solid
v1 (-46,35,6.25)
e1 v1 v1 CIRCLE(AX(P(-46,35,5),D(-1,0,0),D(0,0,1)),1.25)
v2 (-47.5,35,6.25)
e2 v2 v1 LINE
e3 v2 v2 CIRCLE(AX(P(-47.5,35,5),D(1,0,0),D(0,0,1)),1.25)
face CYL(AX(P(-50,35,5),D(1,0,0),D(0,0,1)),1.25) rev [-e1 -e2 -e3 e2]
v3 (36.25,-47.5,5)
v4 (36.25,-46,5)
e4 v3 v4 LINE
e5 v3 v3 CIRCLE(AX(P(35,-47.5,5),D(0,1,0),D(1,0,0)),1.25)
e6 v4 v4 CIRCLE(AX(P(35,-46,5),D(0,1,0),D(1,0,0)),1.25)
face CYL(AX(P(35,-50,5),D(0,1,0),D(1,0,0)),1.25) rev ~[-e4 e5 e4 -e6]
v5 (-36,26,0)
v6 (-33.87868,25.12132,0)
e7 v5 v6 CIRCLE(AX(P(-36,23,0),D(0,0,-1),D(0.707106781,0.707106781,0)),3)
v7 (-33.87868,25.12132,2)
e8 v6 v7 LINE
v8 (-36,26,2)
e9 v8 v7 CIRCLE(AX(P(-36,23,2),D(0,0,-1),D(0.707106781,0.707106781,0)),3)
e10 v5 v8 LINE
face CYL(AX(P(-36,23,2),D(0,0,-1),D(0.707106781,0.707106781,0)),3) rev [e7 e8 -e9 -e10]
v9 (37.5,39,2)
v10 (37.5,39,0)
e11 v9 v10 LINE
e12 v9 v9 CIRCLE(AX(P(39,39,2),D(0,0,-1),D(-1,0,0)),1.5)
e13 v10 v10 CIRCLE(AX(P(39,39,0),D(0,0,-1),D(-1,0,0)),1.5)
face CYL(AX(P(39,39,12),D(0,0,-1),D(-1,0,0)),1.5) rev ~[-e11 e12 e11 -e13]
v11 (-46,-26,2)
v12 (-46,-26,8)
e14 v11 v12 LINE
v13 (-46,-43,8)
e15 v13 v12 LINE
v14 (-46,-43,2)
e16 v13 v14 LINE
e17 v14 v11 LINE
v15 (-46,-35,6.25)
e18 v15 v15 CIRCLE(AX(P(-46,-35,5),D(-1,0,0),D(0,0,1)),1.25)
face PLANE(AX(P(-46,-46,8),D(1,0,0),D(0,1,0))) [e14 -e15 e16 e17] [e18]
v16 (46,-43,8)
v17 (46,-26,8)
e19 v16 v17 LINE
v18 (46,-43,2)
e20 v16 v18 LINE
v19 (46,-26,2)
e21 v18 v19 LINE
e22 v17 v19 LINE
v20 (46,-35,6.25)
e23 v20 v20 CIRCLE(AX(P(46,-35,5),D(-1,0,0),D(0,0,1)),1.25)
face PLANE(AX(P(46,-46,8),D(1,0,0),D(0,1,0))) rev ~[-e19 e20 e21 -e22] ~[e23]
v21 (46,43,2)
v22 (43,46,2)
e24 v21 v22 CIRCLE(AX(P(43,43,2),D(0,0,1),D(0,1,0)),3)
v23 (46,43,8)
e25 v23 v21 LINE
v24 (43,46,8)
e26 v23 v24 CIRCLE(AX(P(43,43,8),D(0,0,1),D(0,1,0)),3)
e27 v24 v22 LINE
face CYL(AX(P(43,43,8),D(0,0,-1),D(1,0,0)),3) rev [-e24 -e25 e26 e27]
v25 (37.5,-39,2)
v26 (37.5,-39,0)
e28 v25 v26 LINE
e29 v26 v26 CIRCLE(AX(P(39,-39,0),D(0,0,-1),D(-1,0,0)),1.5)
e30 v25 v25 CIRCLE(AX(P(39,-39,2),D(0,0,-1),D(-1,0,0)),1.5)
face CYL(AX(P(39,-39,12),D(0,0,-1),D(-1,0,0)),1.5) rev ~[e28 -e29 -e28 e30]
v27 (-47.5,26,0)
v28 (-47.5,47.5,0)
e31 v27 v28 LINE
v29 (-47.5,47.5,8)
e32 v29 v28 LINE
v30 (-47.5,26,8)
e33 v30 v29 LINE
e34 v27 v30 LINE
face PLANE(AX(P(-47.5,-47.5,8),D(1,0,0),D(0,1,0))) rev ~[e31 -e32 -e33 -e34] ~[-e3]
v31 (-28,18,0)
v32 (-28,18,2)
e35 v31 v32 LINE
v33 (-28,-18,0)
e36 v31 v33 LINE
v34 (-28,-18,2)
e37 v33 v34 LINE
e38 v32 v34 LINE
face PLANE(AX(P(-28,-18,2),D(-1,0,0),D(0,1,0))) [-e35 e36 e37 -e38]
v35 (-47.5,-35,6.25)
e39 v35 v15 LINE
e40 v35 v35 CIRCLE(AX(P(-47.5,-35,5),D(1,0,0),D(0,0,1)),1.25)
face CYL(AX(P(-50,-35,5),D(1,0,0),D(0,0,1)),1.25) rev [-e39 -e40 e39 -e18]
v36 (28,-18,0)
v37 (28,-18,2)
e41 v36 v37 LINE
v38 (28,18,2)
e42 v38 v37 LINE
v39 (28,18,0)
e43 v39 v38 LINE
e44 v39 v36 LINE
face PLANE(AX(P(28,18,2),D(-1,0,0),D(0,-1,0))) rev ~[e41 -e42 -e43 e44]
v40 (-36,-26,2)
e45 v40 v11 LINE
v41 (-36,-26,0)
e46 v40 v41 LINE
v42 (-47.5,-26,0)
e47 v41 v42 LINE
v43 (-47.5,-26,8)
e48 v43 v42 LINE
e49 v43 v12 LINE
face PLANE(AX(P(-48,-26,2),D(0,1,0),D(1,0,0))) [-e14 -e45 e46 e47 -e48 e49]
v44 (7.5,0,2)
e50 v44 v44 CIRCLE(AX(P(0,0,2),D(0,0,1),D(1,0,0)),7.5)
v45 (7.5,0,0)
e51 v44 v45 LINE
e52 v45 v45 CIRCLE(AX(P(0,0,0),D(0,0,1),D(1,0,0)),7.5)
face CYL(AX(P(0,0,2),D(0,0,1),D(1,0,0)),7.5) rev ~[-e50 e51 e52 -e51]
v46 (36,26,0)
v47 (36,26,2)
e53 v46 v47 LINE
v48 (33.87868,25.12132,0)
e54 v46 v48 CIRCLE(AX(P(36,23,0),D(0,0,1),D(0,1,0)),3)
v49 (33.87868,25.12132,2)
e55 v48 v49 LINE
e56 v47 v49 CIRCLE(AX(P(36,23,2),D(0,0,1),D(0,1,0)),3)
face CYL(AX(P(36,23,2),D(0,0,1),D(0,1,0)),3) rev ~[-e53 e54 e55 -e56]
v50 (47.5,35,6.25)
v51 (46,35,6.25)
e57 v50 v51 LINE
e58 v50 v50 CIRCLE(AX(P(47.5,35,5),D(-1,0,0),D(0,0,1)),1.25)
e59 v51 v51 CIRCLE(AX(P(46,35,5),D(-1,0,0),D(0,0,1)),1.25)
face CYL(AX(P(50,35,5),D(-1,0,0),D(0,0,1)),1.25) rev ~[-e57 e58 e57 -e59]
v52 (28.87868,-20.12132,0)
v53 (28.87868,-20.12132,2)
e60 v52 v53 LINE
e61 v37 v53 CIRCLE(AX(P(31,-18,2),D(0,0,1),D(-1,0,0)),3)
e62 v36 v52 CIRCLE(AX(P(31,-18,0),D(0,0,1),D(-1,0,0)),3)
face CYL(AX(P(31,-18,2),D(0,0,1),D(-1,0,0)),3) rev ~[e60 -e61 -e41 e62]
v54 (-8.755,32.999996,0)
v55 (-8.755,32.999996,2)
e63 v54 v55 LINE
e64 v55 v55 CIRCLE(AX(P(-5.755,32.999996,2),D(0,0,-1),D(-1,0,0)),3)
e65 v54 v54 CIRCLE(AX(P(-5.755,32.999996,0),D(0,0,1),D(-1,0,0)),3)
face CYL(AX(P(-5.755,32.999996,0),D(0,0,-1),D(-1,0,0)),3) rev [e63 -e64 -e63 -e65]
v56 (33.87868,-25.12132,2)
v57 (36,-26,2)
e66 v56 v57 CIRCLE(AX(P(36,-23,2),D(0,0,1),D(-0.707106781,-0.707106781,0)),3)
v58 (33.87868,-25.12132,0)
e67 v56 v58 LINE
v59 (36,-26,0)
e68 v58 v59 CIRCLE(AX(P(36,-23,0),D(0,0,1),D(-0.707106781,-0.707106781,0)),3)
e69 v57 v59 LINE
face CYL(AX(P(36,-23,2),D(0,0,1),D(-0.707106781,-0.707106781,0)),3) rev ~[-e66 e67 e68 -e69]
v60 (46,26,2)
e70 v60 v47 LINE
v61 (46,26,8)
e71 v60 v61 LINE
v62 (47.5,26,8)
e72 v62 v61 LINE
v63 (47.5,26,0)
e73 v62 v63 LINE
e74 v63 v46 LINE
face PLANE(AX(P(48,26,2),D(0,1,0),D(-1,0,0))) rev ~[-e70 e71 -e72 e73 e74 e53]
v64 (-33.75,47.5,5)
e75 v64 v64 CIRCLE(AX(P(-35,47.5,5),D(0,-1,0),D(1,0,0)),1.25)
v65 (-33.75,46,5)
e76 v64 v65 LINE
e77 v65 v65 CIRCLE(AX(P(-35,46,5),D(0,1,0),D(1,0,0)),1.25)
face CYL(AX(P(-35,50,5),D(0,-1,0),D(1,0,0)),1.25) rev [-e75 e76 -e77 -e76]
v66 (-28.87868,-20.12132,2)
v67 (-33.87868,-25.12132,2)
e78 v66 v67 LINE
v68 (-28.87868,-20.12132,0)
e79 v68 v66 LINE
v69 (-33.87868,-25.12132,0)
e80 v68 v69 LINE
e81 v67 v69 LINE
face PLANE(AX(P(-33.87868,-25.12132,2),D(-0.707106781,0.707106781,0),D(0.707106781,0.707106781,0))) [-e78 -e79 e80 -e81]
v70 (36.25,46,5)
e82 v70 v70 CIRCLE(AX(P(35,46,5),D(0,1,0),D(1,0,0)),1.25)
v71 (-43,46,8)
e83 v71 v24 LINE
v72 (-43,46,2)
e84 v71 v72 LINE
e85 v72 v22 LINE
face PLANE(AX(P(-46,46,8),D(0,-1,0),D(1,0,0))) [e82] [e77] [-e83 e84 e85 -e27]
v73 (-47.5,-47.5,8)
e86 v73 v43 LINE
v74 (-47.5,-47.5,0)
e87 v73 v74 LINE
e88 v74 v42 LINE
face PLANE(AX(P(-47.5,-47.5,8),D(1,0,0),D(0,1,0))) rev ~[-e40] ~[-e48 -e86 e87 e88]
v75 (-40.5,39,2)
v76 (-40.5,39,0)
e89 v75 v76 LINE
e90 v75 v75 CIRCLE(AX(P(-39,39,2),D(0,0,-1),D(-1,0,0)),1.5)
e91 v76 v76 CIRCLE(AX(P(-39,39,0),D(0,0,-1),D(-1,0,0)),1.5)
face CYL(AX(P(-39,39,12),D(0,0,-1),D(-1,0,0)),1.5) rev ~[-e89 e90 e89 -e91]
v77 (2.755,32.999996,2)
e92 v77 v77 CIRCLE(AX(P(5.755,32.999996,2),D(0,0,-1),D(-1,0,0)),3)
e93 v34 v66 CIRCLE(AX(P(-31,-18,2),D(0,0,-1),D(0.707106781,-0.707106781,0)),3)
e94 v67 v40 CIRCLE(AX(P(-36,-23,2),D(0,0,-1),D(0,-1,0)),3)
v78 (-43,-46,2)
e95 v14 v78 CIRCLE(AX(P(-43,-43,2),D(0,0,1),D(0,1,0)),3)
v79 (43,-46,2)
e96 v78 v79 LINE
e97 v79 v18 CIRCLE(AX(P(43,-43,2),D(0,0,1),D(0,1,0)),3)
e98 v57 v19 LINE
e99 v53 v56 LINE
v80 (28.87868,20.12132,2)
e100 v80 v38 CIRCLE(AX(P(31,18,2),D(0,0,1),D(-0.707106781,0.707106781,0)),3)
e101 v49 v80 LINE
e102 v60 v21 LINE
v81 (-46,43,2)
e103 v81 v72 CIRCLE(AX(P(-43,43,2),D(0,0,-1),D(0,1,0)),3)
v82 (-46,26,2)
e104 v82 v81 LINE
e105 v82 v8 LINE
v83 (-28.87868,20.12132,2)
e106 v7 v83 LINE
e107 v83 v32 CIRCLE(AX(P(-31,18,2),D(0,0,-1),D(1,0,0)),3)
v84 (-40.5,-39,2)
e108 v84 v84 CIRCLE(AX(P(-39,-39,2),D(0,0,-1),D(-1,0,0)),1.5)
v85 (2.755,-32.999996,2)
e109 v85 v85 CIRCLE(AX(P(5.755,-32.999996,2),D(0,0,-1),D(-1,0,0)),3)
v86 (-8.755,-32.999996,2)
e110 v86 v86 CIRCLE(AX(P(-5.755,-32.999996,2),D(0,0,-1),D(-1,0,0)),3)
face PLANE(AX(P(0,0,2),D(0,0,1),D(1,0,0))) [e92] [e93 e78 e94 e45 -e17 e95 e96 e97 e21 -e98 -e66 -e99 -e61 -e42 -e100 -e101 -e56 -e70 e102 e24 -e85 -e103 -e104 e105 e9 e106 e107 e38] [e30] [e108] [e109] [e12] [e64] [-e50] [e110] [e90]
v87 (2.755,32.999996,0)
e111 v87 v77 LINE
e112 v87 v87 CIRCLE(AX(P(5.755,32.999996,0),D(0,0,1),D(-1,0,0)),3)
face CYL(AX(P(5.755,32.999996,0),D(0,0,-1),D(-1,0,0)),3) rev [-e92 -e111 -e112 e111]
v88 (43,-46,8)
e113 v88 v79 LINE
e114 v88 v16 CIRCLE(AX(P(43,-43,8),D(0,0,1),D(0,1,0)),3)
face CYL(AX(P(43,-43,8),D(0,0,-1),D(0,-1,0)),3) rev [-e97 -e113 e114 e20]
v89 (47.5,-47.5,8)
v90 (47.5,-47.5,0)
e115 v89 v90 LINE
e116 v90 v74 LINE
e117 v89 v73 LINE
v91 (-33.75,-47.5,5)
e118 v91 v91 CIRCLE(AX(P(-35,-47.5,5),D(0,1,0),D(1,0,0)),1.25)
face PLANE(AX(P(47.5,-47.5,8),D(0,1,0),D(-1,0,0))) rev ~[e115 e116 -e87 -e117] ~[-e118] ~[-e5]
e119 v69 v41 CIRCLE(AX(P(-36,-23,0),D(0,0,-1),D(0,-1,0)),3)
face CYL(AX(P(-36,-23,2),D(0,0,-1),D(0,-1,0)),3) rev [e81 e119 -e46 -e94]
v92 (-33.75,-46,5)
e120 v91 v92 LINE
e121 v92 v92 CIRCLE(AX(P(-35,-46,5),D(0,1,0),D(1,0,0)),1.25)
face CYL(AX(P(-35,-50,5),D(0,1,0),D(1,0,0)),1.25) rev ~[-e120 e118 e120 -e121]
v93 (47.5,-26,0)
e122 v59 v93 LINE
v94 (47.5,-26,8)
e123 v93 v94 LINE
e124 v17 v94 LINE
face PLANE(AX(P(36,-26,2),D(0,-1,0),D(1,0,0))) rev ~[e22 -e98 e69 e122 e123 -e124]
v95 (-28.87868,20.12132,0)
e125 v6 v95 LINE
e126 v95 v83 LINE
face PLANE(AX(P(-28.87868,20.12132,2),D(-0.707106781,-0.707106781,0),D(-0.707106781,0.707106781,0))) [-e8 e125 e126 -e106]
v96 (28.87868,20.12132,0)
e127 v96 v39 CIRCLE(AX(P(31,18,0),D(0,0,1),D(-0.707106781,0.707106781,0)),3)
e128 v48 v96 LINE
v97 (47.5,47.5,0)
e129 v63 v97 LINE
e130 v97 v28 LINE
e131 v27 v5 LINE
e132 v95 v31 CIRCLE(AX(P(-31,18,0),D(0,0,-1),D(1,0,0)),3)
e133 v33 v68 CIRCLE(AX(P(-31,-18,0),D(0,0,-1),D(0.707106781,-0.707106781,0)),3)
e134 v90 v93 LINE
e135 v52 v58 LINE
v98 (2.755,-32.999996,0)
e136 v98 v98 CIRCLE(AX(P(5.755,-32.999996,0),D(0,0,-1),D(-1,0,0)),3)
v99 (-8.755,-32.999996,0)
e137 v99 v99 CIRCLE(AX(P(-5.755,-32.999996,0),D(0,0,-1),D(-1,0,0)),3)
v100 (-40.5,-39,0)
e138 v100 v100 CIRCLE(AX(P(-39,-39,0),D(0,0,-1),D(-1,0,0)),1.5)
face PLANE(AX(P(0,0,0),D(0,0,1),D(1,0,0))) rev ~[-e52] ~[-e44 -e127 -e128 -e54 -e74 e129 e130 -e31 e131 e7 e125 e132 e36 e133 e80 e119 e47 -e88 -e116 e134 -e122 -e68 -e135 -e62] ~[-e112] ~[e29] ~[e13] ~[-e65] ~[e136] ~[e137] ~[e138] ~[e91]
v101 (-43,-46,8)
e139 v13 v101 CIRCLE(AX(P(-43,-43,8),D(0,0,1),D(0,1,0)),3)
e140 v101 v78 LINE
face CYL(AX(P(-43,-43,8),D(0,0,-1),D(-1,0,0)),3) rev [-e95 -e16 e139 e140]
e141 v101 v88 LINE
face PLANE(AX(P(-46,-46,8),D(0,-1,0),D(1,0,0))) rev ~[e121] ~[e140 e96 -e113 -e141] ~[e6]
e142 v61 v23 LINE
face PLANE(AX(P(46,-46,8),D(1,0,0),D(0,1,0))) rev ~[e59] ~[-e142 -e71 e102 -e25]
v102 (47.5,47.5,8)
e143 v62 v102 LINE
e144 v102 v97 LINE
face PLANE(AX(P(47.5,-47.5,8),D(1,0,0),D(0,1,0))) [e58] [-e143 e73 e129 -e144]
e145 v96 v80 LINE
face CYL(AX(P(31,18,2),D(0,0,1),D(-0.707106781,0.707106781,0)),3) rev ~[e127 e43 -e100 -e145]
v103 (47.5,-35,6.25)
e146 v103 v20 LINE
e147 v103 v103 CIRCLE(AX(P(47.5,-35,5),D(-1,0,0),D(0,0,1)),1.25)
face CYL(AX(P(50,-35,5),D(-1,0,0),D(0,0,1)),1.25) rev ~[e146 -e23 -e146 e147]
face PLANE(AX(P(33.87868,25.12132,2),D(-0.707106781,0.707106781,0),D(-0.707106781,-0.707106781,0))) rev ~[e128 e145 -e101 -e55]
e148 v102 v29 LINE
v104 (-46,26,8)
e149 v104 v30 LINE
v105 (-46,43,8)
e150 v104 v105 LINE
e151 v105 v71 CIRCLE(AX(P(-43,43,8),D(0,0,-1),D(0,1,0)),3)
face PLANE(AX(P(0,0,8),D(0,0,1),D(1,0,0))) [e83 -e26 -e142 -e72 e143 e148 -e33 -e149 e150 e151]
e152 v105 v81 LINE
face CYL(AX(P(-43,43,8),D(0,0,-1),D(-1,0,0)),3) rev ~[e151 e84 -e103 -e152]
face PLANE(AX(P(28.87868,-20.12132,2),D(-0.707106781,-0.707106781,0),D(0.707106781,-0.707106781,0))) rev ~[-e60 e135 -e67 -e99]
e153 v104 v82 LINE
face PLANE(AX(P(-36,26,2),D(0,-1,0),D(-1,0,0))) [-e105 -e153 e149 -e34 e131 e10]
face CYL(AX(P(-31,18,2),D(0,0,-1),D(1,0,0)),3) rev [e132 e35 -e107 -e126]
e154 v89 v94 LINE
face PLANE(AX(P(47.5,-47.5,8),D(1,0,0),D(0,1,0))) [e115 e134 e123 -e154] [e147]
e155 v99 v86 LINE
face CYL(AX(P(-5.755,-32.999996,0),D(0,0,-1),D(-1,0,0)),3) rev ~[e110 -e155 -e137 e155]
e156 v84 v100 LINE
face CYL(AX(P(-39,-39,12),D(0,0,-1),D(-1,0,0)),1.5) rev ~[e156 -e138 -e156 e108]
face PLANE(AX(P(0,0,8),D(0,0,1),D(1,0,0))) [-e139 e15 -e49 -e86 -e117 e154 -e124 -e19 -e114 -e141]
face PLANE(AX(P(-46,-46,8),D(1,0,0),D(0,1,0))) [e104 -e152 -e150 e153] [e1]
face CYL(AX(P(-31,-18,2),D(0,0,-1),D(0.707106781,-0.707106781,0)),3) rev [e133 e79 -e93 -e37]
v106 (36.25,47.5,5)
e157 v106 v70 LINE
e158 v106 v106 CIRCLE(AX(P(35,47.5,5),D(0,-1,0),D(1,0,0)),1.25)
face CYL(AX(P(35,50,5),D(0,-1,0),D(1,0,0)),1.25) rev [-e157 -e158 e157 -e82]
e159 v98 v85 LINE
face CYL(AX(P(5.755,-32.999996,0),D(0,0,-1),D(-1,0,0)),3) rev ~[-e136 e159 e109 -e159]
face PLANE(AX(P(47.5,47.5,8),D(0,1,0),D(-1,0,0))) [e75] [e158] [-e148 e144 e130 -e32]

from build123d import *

# Parameters (mm, degrees)
SKETCH1_W                       = 96
SKETCH1_H                       = 96
BOSS_EXTRUDE1_DEPTH             = 8
SKETCH2_W                       = 92
SKETCH2_H                       = 92
COMPONENT_PLATFORM_DEPTH        = 6
CABLE_SLOTS_DEPTH               = 6
SKETCH4_R                       = 7.5
CENTER_MASS_CUT_DEPTH           = 6
INNER_CORNER_FILLETS_R          = 3
TAP_DRILL_FOR_M3X0_5_TAP1_D     = 2.5
TAP_DRILL_FOR_M3X0_5_TAP1_DEPTH = 2
TAP_DRILL_FOR_M3X0_5_TAP2_D     = 2.5
TAP_DRILL_FOR_M3X0_5_TAP2_DEPTH = 2
F_3_0MM_DOWEL_HOLE3_D           = 3
F_3_0MM_DOWEL_HOLE3_DEPTH       = 10
F_3_0MM_DOWEL_HOLE3_TIP         = 0.901290929
CUT_EXTRUDE1_START              = -8
SKETCH16_OUTSIDE_W              = 125.2
SKETCH16_OUTSIDE_H              = 125.2
SKETCH16_OUTSIDE_W_2            = 95
SKETCH16_OUTSIDE_H_2            = 95
CUT_EXTRUDE1_DEPTH              = 8
SKETCH17_R                      = 3
CUT_EXTRUDE3_DEPTH              = 9


with BuildPart() as part:
    # Sketch1 → Boss-Extrude1 (new body)
    with BuildSketch(Plane.XY):
        Rectangle(SKETCH1_W, SKETCH1_H)
    extrude(amount=BOSS_EXTRUDE1_DEPTH)

    # Sketch2 → Component Platform (cut)
    with BuildSketch(Plane.XY.offset(8)):
        Rectangle(SKETCH2_W, SKETCH2_H)
    extrude(amount=-COMPONENT_PLATFORM_DEPTH, mode=Mode.SUBTRACT)

    # Sketch3 → Cable Slots (cut, symmetric)
    with BuildSketch(Plane.XY.offset(2)):
        with BuildLine():
            Line((-33.878679656, -25.121320344), (-28.878679656, -20.121320344))
            ThreePointArc((-28.878679656, -20.121320344), (-28.228361402, -19.148050297), (-28, -18))
            Line((-28, -18), (-28, 18))
            ThreePointArc((-28, 18), (-28.228361402, 19.148050297), (-28.878679656, 20.121320344))
            Line((-28.878679656, 20.121320344), (-33.878679656, 25.121320344))
            ThreePointArc((-33.878679656, 25.121320344), (-34.851949703, 25.771638598), (-36, 26))
            Line((-36, 26), (-48, 26))
            Line((-48, 26), (-48, -26))
            Line((-48, -26), (-36, -26))
            ThreePointArc((-36, -26), (-34.851949703, -25.771638598), (-33.878679656, -25.121320344))
        make_face()
        with BuildLine():
            Line((48, -26), (48, 26))
            Line((48, 26), (36, 26))
            ThreePointArc((36, 26), (34.851949703, 25.771638598), (33.878679656, 25.121320344))
            Line((33.878679656, 25.121320344), (28.878679656, 20.121320344))
            ThreePointArc((28.878679656, 20.121320344), (28.228361402, 19.148050297), (28, 18))
            Line((28, 18), (28, -18))
            ThreePointArc((28, -18), (28.228361402, -19.148050297), (28.878679656, -20.121320344))
            Line((28.878679656, -20.121320344), (33.878679656, -25.121320344))
            ThreePointArc((33.878679656, -25.121320344), (34.851949703, -25.771638598), (36, -26))
            Line((36, -26), (48, -26))
        make_face()
    extrude(amount=CABLE_SLOTS_DEPTH, both=True, mode=Mode.SUBTRACT)

    # Sketch4 → Center Mass Cut (cut)
    with BuildSketch(Plane.XY.offset(2)):
        Circle(SKETCH4_R)
    extrude(amount=-CENTER_MASS_CUT_DEPTH, mode=Mode.SUBTRACT)

    # Inner Corner Fillets
    inner_corner_fillets_edges = [part.edges().sort_by_distance(p)[0] for p in [
        (-46, -46, 5),
        (-46, 46, 5),
        (46, 46, 5),
        (46, -46, 5),
    ]]
    fillet(inner_corner_fillets_edges, radius=INNER_CORNER_FILLETS_R)

    # Tap Drill for M3x0.5 Tap1
    with Locations(Plane(origin=(0, -48, 0), x_dir=(-1, 0, 0), z_dir=(0, -1, 0))):
        with Locations((35, -5), (-35, -5)):
            tap_drill_for_m3x0_5_tap1 = Hole(TAP_DRILL_FOR_M3X0_5_TAP1_D / 2, depth=TAP_DRILL_FOR_M3X0_5_TAP1_DEPTH)

    # Tap Drill for M3x0.5 Tap2
    with Locations(Plane(origin=(48, 0, 0), x_dir=(0, 0, -1), z_dir=(1, 0, 0))):
        with Locations((-5, -35), (-5, 35)):
            tap_drill_for_m3x0_5_tap2 = Hole(TAP_DRILL_FOR_M3X0_5_TAP2_D / 2, depth=TAP_DRILL_FOR_M3X0_5_TAP2_DEPTH)

    # Mirror1: Tap Drill for M3x0.5 Tap1 across plane
    add(tap_drill_for_m3x0_5_tap1.mirror(Plane(origin=(0, 0, 0), x_dir=(0, 0, 1), z_dir=(0, -1, 0))), mode=Mode.SUBTRACT)

    # Mirror2: Tap Drill for M3x0.5 Tap2 across plane
    add(tap_drill_for_m3x0_5_tap2.mirror(Plane(origin=(0, 0, 0), x_dir=(0, 0, 1), z_dir=(1, 0, 0))), mode=Mode.SUBTRACT)

    # Ø3.0mm Dowel Hole3
    with Locations(Plane.XY.offset(2)):
        with Locations((-39, -39), (39, -39), (39, 39), (-39, 39)):
            Hole(F_3_0MM_DOWEL_HOLE3_D / 2, depth=F_3_0MM_DOWEL_HOLE3_DEPTH)
            with Locations((0, 0, -(F_3_0MM_DOWEL_HOLE3_DEPTH + F_3_0MM_DOWEL_HOLE3_TIP / 2))):  # 118° drill point
                Cone(0, F_3_0MM_DOWEL_HOLE3_D / 2, F_3_0MM_DOWEL_HOLE3_TIP, mode=Mode.SUBTRACT)

    # Sketch16 outside → Cut-Extrude1 (cut)
    with BuildSketch(Plane(origin=(0, 0, 0), x_dir=(-1, 0, 0), z_dir=(0, 0, -1)).offset(CUT_EXTRUDE1_START)):
        Rectangle(SKETCH16_OUTSIDE_W, SKETCH16_OUTSIDE_H)
        Rectangle(SKETCH16_OUTSIDE_W_2, SKETCH16_OUTSIDE_H_2, mode=Mode.SUBTRACT)
    extrude(amount=CUT_EXTRUDE1_DEPTH, mode=Mode.SUBTRACT)

    # Sketch17 → Cut-Extrude3 (cut, through all)
    with BuildSketch(Plane(origin=(0, 0, 0), x_dir=(-1, 0, 0), z_dir=(0, 0, -1))):
        with Locations((-5.755, -32.99999626)):
            Circle(SKETCH17_R)
        with Locations((5.755, -32.99999626)):
            Circle(SKETCH17_R)
    cut_extrude3 = extrude(amount=-CUT_EXTRUDE3_DEPTH, mode=Mode.SUBTRACT)

    # Mirror4: Cut-Extrude3 across plane
    add(cut_extrude3.mirror(Plane(origin=(0, 0, 0), x_dir=(0, 0, 1), z_dir=(0, -1, 0))), mode=Mode.SUBTRACT)


solid = part.part
